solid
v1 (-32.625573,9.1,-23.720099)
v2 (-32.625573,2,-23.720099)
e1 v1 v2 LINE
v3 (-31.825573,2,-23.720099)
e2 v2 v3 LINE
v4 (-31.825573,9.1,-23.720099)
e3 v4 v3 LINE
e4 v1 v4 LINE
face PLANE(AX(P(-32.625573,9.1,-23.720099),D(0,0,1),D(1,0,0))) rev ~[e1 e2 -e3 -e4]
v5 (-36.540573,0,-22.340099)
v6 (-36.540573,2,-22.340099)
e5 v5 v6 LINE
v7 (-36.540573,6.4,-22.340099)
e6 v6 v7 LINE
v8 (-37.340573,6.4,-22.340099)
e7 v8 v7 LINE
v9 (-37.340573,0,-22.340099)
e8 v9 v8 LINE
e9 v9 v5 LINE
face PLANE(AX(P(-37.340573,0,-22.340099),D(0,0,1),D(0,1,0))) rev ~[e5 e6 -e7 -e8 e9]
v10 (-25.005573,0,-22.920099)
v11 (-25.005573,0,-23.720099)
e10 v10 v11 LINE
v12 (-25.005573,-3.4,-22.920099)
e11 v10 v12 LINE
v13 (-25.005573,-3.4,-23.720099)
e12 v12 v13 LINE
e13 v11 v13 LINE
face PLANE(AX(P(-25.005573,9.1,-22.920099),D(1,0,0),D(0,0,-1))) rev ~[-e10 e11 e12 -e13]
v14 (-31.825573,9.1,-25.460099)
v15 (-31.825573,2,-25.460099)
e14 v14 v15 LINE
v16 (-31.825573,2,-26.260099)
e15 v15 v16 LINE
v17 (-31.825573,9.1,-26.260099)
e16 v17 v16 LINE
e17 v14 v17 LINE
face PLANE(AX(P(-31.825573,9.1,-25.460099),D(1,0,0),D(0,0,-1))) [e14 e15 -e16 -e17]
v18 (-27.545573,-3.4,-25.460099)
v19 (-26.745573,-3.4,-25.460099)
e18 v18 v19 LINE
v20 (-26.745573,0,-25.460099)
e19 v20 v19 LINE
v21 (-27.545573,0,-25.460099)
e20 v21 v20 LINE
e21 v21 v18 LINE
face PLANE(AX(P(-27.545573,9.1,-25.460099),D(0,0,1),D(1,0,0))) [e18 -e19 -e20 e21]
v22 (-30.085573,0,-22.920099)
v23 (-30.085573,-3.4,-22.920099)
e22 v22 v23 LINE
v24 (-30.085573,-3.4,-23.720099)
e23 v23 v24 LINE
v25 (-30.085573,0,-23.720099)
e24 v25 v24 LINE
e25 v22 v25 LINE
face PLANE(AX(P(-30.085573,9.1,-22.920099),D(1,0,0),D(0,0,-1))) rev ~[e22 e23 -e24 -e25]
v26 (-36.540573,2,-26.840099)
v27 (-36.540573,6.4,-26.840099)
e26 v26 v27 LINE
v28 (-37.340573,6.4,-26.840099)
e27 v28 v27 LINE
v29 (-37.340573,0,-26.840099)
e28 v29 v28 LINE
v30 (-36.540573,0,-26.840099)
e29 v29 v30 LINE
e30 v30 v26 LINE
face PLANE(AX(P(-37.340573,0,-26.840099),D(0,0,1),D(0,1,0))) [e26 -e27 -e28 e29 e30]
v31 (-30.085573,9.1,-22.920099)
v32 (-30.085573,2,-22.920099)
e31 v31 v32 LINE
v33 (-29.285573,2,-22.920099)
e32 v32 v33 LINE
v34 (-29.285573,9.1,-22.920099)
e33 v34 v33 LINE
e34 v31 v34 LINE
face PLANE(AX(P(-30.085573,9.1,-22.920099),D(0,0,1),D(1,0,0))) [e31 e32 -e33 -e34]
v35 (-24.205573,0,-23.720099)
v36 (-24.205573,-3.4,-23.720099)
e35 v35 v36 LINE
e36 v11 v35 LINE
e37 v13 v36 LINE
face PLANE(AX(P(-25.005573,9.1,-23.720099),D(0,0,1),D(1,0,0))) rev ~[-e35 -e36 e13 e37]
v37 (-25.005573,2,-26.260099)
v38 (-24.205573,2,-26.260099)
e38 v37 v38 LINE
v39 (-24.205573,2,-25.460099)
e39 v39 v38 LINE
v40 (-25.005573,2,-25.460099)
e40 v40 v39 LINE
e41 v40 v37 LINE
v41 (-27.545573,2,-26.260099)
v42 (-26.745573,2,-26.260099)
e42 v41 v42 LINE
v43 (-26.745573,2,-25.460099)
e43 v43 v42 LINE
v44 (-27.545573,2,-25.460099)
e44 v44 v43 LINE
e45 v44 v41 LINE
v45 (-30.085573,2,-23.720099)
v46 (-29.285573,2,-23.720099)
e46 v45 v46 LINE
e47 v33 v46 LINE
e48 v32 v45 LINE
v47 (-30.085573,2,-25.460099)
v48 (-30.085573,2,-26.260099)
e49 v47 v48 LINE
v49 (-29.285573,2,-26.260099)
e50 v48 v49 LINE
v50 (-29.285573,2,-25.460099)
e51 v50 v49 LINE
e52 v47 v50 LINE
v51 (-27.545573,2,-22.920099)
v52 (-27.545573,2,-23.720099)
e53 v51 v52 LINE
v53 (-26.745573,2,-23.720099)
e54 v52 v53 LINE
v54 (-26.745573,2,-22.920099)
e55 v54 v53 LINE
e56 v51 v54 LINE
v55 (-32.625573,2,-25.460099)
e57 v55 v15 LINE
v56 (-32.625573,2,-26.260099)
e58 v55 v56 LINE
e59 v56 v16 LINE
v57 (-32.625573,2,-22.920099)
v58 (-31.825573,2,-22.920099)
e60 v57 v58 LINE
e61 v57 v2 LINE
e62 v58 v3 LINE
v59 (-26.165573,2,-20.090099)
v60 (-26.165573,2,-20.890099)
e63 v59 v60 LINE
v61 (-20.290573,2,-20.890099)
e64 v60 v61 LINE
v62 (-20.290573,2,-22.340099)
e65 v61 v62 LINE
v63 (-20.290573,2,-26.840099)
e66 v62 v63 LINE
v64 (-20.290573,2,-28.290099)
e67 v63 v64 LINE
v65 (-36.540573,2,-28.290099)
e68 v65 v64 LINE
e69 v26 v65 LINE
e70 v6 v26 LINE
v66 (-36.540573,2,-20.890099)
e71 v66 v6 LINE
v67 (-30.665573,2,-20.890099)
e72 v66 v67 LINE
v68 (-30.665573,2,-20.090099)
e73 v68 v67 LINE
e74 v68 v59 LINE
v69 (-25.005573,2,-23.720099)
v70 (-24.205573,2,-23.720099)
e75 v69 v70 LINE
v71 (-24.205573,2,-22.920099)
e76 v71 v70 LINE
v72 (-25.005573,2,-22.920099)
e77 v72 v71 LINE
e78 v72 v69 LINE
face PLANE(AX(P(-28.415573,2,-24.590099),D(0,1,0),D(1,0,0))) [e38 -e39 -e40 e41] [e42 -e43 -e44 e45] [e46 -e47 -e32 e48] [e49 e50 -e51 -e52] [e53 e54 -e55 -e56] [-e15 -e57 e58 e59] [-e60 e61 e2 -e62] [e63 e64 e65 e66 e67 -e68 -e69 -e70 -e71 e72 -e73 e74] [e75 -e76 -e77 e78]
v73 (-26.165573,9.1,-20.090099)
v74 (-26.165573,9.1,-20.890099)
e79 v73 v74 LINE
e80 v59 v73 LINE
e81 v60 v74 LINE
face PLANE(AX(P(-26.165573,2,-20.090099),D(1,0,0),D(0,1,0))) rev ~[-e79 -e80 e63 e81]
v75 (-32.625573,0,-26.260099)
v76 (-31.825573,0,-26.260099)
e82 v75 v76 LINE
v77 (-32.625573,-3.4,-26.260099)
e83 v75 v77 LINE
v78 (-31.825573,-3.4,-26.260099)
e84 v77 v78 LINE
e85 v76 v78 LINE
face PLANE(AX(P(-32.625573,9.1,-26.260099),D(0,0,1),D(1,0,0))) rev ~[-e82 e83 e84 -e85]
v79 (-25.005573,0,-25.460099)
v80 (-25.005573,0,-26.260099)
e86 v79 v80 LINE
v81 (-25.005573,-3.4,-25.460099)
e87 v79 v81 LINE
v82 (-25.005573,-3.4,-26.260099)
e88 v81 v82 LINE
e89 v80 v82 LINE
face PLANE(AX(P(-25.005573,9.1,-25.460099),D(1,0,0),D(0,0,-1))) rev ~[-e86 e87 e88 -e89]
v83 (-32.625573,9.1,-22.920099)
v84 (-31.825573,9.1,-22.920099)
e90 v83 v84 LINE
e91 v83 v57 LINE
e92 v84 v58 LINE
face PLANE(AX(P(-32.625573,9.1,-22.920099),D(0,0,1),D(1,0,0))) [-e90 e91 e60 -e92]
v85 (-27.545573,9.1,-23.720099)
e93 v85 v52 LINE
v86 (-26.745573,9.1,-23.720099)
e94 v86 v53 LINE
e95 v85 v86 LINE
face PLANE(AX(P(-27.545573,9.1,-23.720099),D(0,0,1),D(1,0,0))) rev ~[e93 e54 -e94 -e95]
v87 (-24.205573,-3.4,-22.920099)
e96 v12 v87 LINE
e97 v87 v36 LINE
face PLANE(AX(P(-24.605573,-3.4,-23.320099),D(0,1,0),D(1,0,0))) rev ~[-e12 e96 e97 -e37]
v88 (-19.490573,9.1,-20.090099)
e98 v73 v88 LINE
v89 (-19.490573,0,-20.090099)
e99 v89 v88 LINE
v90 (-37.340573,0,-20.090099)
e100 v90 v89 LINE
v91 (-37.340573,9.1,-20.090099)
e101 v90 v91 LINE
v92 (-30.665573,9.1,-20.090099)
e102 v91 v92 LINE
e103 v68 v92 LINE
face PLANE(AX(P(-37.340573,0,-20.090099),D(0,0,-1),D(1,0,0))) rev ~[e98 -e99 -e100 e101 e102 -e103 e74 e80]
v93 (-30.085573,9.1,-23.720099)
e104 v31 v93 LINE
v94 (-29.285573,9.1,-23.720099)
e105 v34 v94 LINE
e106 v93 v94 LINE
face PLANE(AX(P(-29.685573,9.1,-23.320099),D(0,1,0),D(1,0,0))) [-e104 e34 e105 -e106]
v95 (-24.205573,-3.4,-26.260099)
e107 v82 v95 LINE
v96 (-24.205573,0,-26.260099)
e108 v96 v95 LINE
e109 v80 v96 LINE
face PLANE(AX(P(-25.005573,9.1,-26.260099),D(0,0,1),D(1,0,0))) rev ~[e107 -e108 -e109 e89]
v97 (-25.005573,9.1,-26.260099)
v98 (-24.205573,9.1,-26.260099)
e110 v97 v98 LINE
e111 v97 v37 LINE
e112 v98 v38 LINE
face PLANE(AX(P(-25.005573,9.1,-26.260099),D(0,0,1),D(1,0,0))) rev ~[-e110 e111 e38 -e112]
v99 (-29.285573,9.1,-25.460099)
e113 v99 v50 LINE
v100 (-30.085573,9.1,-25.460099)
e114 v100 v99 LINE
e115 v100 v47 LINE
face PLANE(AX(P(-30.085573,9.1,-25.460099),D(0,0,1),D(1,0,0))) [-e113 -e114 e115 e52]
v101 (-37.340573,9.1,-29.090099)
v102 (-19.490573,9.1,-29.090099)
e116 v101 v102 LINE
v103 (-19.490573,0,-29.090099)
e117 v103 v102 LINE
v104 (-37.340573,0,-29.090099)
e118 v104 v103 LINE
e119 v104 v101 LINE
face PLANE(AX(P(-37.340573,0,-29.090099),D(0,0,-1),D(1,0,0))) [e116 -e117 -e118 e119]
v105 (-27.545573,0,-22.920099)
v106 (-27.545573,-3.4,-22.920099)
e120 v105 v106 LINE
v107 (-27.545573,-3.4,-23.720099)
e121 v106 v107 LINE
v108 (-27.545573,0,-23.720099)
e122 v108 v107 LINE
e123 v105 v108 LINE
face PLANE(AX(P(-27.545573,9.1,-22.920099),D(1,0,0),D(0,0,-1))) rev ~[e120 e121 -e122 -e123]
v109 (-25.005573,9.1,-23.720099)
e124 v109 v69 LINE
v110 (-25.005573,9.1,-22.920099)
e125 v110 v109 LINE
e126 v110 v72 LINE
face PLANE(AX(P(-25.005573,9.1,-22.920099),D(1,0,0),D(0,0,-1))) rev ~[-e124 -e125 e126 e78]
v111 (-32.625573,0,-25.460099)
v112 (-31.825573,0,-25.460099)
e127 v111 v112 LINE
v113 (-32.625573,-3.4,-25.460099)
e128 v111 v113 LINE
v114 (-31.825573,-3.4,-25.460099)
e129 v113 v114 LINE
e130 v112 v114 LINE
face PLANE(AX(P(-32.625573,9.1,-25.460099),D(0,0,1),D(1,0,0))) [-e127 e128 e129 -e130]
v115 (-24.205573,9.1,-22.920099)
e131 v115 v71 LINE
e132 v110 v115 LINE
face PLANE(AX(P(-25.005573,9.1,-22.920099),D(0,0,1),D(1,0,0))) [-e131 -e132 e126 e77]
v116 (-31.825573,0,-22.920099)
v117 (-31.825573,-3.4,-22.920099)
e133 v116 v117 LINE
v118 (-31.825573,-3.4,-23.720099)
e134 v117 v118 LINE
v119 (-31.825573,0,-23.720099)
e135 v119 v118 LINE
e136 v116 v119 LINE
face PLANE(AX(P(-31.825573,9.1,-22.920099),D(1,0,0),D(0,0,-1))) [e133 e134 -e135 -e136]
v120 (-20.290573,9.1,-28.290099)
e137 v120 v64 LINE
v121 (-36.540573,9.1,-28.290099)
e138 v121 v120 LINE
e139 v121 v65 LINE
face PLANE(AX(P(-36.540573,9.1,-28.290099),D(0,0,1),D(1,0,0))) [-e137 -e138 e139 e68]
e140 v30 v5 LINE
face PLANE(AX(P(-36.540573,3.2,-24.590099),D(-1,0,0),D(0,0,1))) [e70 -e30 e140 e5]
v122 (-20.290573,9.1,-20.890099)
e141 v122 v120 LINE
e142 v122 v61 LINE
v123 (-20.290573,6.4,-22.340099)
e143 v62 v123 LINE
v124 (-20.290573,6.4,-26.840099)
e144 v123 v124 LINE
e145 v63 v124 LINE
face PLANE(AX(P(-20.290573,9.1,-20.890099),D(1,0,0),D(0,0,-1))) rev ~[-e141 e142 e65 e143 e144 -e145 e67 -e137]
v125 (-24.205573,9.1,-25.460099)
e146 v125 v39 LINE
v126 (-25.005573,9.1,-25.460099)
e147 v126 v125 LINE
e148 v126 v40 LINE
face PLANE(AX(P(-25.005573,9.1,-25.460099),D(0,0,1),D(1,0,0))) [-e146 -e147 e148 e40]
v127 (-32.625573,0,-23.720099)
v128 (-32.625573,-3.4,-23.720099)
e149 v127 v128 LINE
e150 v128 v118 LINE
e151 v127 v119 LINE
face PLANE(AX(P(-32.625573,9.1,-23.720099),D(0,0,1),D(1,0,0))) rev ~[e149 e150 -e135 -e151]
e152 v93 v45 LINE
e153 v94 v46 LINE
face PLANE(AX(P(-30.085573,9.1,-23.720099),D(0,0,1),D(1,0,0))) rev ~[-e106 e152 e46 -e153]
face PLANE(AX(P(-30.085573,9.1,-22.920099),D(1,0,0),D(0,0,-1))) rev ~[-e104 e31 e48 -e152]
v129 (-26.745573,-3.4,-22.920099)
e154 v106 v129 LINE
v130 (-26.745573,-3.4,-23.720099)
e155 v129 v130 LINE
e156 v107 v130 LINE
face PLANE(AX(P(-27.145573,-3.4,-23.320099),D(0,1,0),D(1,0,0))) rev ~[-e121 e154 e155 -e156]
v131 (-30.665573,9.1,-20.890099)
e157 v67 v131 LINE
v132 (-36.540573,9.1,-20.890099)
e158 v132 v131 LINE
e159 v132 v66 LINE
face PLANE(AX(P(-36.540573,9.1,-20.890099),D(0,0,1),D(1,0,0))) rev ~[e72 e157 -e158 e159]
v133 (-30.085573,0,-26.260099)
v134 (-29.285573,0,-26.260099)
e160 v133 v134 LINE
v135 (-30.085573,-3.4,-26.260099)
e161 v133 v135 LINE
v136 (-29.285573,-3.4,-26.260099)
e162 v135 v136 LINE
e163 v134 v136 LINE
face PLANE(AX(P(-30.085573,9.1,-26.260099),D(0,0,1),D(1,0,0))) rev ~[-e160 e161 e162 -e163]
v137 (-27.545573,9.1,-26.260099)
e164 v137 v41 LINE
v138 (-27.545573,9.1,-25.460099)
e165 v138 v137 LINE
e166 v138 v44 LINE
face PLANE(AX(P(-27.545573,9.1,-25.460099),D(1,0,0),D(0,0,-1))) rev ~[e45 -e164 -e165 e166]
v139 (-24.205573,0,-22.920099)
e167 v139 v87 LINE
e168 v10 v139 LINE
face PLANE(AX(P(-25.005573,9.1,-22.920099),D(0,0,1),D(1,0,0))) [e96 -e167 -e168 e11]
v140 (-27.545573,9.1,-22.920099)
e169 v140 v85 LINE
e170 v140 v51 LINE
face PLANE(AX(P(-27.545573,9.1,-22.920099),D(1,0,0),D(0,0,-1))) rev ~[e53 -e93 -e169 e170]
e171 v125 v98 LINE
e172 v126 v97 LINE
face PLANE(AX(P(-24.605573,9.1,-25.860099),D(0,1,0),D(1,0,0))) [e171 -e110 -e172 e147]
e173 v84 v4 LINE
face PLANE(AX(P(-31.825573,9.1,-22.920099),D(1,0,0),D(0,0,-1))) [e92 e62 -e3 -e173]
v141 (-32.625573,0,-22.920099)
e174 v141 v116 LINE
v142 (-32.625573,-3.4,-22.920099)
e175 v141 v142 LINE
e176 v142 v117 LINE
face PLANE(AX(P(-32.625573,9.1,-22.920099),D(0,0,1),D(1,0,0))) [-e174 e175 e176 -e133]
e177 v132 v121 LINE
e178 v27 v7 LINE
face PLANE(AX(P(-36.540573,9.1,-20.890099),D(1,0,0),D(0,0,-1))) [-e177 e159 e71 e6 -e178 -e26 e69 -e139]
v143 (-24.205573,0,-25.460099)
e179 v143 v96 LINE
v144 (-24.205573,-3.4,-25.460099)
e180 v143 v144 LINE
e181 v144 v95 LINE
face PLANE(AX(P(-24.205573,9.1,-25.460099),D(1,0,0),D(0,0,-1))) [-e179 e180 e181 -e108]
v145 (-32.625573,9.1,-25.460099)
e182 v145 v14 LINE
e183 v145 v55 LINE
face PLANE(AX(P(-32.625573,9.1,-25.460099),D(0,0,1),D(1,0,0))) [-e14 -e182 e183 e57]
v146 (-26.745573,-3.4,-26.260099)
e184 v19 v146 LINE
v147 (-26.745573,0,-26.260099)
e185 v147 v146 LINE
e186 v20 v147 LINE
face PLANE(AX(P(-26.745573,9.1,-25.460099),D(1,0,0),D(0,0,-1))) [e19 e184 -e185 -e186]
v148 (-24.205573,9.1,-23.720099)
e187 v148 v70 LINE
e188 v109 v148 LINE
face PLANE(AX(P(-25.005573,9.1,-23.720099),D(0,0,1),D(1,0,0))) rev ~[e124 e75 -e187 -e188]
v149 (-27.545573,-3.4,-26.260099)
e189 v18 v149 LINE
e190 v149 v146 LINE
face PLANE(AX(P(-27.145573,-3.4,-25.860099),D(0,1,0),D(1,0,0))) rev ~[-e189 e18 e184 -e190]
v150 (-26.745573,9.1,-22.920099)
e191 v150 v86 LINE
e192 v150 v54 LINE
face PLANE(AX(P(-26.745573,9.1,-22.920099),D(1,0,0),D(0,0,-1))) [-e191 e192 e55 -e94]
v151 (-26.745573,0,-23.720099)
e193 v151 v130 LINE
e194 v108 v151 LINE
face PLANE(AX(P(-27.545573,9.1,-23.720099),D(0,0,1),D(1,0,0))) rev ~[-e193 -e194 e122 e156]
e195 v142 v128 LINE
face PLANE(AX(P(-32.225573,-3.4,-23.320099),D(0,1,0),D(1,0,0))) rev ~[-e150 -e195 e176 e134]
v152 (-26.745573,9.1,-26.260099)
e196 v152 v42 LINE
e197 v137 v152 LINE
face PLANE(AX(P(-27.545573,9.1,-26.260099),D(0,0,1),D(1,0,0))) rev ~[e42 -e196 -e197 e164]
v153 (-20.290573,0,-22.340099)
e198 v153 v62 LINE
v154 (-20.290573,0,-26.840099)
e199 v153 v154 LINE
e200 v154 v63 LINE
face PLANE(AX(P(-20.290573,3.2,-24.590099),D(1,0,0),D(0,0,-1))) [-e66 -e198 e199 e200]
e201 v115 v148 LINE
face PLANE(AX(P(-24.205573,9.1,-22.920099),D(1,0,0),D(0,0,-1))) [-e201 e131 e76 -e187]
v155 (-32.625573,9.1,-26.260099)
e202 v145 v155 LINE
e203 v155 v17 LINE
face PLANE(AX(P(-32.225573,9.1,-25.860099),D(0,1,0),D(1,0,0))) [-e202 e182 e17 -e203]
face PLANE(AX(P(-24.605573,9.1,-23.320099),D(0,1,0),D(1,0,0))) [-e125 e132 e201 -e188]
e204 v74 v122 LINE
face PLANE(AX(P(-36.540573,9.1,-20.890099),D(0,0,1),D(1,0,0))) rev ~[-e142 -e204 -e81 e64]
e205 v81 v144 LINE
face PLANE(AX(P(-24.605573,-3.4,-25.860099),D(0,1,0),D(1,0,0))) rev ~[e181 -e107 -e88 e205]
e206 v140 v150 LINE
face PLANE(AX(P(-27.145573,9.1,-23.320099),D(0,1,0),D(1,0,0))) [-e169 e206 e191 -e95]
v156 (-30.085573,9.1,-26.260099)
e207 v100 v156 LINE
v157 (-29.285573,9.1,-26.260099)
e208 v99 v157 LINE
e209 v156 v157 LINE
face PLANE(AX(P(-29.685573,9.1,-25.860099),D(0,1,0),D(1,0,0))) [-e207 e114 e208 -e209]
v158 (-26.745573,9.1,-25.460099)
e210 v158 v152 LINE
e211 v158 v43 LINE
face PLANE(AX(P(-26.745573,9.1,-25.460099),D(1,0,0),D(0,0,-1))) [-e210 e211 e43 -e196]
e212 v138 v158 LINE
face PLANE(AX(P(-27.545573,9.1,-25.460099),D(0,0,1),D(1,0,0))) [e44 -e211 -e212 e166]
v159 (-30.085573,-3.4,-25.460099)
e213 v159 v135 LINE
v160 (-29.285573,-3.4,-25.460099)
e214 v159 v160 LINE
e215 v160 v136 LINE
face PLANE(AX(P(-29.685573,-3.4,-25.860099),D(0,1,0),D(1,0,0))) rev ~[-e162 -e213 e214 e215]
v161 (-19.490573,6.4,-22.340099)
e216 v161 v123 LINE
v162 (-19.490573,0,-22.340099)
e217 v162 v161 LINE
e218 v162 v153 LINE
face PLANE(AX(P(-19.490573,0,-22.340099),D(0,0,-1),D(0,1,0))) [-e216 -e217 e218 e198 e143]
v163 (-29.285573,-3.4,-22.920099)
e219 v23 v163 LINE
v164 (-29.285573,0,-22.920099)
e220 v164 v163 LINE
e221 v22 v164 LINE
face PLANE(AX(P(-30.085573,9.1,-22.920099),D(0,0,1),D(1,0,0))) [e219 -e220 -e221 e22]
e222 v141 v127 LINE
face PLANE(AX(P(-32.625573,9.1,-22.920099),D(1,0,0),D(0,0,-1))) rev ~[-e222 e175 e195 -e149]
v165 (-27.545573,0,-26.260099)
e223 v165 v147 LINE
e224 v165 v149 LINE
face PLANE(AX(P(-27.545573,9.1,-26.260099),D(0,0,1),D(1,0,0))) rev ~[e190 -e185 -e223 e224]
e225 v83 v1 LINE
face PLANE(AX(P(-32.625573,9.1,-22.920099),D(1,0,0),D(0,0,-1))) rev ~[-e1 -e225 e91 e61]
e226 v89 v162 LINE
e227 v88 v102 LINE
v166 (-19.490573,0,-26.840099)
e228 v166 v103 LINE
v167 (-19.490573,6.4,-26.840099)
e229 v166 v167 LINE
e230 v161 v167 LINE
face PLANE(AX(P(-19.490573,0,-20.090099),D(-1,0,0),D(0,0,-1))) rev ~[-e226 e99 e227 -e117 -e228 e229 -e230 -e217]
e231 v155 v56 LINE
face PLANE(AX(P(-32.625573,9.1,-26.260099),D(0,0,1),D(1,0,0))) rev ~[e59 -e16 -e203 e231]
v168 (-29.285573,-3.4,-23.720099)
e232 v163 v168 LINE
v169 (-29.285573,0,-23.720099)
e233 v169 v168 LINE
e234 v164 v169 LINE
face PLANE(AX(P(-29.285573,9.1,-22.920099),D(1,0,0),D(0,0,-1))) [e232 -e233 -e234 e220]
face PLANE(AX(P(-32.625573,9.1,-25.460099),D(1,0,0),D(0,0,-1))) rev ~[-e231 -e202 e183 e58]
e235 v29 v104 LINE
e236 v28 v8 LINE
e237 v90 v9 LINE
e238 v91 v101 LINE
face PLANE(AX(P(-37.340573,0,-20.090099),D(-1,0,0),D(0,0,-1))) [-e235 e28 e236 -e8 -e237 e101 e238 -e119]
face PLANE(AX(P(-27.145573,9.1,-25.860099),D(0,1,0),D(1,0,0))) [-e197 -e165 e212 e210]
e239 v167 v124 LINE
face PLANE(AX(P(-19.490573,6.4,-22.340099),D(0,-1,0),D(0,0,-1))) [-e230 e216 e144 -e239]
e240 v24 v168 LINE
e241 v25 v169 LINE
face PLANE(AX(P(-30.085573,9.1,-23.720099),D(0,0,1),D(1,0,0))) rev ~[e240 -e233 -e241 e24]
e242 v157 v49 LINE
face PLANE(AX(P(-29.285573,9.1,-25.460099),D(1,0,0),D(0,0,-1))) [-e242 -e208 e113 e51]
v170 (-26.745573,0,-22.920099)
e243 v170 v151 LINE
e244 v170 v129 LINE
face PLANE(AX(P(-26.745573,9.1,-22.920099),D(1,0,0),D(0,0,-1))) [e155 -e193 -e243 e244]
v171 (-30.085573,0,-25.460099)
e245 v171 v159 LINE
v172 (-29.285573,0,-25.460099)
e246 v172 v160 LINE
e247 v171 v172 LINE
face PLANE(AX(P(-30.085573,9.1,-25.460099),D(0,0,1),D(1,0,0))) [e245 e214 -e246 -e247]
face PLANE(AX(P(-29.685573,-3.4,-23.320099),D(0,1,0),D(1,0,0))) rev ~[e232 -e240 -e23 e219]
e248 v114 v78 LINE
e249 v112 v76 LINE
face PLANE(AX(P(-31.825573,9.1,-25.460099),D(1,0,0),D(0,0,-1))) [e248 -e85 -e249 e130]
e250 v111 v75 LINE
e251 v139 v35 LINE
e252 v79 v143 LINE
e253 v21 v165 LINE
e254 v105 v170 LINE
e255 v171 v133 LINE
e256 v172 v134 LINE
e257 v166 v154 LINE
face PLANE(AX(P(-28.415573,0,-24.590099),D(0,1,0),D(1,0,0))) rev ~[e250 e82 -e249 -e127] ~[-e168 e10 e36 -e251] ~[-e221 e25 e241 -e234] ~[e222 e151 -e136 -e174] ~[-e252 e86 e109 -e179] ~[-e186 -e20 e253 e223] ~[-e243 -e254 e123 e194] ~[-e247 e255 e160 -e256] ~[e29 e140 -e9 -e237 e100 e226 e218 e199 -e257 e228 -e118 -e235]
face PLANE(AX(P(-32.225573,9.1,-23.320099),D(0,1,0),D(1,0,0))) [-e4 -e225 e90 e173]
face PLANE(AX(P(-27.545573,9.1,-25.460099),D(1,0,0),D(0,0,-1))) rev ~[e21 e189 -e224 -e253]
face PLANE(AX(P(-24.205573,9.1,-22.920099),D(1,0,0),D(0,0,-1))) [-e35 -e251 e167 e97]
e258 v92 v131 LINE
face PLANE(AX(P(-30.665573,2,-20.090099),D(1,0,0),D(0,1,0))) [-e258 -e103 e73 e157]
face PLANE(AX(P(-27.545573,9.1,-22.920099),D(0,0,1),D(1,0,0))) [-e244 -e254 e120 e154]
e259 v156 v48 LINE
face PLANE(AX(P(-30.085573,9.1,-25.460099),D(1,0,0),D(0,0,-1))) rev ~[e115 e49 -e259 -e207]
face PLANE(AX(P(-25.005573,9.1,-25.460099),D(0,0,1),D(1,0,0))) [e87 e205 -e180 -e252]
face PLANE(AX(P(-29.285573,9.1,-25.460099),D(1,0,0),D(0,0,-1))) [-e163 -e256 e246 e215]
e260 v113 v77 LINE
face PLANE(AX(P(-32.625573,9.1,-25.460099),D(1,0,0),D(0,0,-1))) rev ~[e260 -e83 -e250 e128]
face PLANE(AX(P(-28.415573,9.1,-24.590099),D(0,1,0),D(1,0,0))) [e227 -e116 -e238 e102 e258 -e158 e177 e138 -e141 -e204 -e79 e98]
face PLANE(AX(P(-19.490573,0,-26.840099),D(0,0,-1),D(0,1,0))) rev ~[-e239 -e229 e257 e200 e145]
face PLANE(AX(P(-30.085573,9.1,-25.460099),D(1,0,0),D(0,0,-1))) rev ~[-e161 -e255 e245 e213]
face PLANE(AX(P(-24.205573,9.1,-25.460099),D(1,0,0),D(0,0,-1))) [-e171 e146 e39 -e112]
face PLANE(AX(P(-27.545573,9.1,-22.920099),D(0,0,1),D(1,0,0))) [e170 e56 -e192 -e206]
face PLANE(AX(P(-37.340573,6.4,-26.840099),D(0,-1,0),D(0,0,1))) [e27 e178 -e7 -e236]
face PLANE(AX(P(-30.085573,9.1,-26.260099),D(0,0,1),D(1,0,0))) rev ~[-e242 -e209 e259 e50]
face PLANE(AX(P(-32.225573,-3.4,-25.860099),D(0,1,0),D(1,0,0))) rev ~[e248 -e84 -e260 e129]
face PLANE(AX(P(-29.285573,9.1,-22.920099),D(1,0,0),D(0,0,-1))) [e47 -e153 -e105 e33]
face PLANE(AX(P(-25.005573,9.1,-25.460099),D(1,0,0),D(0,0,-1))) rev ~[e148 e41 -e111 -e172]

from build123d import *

# Parameters (mm, degrees)
SKETCH1_W           = 17.85
SKETCH1_H           = 9
BOSS_EXTRUDE1_DEPTH = 9.1
SKETCH2_W           = 16.25
SKETCH2_H           = 7.4
CUT_EXTRUDE1_DEPTH  = 7.1
SKETCH2_3_W         = 0.8
SKETCH2_3_H         = 0.8
BOSS_EXTRUDE2_DEPTH = 12.5
SKETCH3_W           = 4.5
SKETCH3_H           = 7.1
CUT_EXTRUDE2_DEPTH  = 2.1
SKETCH5_W           = 4.5
SKETCH5_H           = 6.4
CUT_EXTRUDE3_DEPTH  = 0.8
SKETCH6_W           = 4.5
SKETCH6_H           = 6.4
CUT_EXTRUDE4_DEPTH  = 0.8


with BuildPart() as part:
    # Sketch1 → Boss-Extrude1 (new body)
    with BuildSketch(Plane(origin=(0, 0, 0), x_dir=(1, 0, 0), z_dir=(0, 1, 0))):
        with Locations((-28.415572658, 24.590099186)):
            Rectangle(SKETCH1_W, SKETCH1_H)
    extrude(amount=BOSS_EXTRUDE1_DEPTH)

    # Sketch2 → Cut-Extrude1 (cut)
    with BuildSketch(Plane(origin=(0, 9.1, 0), x_dir=(1, 0, 0), z_dir=(0, 1, 0))):
        with Locations((-28.415572658, 24.590099186)):
            Rectangle(SKETCH2_W, SKETCH2_H)
    extrude(amount=-CUT_EXTRUDE1_DEPTH, mode=Mode.SUBTRACT)

    # Sketch2<3> → Boss-Extrude2 (add)
    with BuildSketch(Plane(origin=(0, 9.1, 0), x_dir=(1, 0, 0), z_dir=(0, 1, 0))):
        with Locations((-29.685572658, 23.320099186)):
            Rectangle(SKETCH2_3_W, SKETCH2_3_H)
        with Locations((-27.145572658, 23.320099186)):
            Rectangle(SKETCH2_3_W, SKETCH2_3_H)
        with Locations((-24.605572658, 23.320099186)):
            Rectangle(SKETCH2_3_W, SKETCH2_3_H)
        with Locations((-27.145572658, 25.860099186)):
            Rectangle(SKETCH2_3_W, SKETCH2_3_H)
        with Locations((-24.605572658, 25.860099186)):
            Rectangle(SKETCH2_3_W, SKETCH2_3_H)
        with Locations((-29.685572658, 25.860099186)):
            Rectangle(SKETCH2_3_W, SKETCH2_3_H)
        with Locations((-32.225572658, 23.320099186)):
            Rectangle(SKETCH2_3_W, SKETCH2_3_H)
        with Locations((-32.225572658, 25.860099186)):
            Rectangle(SKETCH2_3_W, SKETCH2_3_H)
    extrude(amount=-BOSS_EXTRUDE2_DEPTH)

    # Sketch3 → Cut-Extrude2 (cut)
    with BuildSketch(Plane.XY.offset(-20.090099186)):
        with Locations((-28.415572658, 5.55)):
            Rectangle(SKETCH3_W, SKETCH3_H)
    extrude(amount=-CUT_EXTRUDE2_DEPTH, mode=Mode.SUBTRACT)

    # Sketch5 → Cut-Extrude3 (cut)
    with BuildSketch(Plane.ZY.offset(37.340572658)):
        with Locations((-24.590099186, 3.2)):
            Rectangle(SKETCH5_W, SKETCH5_H)
    extrude(amount=-CUT_EXTRUDE3_DEPTH, mode=Mode.SUBTRACT)

    # Sketch6 → Cut-Extrude4 (cut)
    with BuildSketch(Plane(origin=(-19.490572658, 0, 0), x_dir=(0, 0, -1), z_dir=(1, 0, 0))):
        with Locations((24.590099186, 3.2)):
            Rectangle(SKETCH6_W, SKETCH6_H)
    extrude(amount=-CUT_EXTRUDE4_DEPTH, mode=Mode.SUBTRACT)


solid = part.part
